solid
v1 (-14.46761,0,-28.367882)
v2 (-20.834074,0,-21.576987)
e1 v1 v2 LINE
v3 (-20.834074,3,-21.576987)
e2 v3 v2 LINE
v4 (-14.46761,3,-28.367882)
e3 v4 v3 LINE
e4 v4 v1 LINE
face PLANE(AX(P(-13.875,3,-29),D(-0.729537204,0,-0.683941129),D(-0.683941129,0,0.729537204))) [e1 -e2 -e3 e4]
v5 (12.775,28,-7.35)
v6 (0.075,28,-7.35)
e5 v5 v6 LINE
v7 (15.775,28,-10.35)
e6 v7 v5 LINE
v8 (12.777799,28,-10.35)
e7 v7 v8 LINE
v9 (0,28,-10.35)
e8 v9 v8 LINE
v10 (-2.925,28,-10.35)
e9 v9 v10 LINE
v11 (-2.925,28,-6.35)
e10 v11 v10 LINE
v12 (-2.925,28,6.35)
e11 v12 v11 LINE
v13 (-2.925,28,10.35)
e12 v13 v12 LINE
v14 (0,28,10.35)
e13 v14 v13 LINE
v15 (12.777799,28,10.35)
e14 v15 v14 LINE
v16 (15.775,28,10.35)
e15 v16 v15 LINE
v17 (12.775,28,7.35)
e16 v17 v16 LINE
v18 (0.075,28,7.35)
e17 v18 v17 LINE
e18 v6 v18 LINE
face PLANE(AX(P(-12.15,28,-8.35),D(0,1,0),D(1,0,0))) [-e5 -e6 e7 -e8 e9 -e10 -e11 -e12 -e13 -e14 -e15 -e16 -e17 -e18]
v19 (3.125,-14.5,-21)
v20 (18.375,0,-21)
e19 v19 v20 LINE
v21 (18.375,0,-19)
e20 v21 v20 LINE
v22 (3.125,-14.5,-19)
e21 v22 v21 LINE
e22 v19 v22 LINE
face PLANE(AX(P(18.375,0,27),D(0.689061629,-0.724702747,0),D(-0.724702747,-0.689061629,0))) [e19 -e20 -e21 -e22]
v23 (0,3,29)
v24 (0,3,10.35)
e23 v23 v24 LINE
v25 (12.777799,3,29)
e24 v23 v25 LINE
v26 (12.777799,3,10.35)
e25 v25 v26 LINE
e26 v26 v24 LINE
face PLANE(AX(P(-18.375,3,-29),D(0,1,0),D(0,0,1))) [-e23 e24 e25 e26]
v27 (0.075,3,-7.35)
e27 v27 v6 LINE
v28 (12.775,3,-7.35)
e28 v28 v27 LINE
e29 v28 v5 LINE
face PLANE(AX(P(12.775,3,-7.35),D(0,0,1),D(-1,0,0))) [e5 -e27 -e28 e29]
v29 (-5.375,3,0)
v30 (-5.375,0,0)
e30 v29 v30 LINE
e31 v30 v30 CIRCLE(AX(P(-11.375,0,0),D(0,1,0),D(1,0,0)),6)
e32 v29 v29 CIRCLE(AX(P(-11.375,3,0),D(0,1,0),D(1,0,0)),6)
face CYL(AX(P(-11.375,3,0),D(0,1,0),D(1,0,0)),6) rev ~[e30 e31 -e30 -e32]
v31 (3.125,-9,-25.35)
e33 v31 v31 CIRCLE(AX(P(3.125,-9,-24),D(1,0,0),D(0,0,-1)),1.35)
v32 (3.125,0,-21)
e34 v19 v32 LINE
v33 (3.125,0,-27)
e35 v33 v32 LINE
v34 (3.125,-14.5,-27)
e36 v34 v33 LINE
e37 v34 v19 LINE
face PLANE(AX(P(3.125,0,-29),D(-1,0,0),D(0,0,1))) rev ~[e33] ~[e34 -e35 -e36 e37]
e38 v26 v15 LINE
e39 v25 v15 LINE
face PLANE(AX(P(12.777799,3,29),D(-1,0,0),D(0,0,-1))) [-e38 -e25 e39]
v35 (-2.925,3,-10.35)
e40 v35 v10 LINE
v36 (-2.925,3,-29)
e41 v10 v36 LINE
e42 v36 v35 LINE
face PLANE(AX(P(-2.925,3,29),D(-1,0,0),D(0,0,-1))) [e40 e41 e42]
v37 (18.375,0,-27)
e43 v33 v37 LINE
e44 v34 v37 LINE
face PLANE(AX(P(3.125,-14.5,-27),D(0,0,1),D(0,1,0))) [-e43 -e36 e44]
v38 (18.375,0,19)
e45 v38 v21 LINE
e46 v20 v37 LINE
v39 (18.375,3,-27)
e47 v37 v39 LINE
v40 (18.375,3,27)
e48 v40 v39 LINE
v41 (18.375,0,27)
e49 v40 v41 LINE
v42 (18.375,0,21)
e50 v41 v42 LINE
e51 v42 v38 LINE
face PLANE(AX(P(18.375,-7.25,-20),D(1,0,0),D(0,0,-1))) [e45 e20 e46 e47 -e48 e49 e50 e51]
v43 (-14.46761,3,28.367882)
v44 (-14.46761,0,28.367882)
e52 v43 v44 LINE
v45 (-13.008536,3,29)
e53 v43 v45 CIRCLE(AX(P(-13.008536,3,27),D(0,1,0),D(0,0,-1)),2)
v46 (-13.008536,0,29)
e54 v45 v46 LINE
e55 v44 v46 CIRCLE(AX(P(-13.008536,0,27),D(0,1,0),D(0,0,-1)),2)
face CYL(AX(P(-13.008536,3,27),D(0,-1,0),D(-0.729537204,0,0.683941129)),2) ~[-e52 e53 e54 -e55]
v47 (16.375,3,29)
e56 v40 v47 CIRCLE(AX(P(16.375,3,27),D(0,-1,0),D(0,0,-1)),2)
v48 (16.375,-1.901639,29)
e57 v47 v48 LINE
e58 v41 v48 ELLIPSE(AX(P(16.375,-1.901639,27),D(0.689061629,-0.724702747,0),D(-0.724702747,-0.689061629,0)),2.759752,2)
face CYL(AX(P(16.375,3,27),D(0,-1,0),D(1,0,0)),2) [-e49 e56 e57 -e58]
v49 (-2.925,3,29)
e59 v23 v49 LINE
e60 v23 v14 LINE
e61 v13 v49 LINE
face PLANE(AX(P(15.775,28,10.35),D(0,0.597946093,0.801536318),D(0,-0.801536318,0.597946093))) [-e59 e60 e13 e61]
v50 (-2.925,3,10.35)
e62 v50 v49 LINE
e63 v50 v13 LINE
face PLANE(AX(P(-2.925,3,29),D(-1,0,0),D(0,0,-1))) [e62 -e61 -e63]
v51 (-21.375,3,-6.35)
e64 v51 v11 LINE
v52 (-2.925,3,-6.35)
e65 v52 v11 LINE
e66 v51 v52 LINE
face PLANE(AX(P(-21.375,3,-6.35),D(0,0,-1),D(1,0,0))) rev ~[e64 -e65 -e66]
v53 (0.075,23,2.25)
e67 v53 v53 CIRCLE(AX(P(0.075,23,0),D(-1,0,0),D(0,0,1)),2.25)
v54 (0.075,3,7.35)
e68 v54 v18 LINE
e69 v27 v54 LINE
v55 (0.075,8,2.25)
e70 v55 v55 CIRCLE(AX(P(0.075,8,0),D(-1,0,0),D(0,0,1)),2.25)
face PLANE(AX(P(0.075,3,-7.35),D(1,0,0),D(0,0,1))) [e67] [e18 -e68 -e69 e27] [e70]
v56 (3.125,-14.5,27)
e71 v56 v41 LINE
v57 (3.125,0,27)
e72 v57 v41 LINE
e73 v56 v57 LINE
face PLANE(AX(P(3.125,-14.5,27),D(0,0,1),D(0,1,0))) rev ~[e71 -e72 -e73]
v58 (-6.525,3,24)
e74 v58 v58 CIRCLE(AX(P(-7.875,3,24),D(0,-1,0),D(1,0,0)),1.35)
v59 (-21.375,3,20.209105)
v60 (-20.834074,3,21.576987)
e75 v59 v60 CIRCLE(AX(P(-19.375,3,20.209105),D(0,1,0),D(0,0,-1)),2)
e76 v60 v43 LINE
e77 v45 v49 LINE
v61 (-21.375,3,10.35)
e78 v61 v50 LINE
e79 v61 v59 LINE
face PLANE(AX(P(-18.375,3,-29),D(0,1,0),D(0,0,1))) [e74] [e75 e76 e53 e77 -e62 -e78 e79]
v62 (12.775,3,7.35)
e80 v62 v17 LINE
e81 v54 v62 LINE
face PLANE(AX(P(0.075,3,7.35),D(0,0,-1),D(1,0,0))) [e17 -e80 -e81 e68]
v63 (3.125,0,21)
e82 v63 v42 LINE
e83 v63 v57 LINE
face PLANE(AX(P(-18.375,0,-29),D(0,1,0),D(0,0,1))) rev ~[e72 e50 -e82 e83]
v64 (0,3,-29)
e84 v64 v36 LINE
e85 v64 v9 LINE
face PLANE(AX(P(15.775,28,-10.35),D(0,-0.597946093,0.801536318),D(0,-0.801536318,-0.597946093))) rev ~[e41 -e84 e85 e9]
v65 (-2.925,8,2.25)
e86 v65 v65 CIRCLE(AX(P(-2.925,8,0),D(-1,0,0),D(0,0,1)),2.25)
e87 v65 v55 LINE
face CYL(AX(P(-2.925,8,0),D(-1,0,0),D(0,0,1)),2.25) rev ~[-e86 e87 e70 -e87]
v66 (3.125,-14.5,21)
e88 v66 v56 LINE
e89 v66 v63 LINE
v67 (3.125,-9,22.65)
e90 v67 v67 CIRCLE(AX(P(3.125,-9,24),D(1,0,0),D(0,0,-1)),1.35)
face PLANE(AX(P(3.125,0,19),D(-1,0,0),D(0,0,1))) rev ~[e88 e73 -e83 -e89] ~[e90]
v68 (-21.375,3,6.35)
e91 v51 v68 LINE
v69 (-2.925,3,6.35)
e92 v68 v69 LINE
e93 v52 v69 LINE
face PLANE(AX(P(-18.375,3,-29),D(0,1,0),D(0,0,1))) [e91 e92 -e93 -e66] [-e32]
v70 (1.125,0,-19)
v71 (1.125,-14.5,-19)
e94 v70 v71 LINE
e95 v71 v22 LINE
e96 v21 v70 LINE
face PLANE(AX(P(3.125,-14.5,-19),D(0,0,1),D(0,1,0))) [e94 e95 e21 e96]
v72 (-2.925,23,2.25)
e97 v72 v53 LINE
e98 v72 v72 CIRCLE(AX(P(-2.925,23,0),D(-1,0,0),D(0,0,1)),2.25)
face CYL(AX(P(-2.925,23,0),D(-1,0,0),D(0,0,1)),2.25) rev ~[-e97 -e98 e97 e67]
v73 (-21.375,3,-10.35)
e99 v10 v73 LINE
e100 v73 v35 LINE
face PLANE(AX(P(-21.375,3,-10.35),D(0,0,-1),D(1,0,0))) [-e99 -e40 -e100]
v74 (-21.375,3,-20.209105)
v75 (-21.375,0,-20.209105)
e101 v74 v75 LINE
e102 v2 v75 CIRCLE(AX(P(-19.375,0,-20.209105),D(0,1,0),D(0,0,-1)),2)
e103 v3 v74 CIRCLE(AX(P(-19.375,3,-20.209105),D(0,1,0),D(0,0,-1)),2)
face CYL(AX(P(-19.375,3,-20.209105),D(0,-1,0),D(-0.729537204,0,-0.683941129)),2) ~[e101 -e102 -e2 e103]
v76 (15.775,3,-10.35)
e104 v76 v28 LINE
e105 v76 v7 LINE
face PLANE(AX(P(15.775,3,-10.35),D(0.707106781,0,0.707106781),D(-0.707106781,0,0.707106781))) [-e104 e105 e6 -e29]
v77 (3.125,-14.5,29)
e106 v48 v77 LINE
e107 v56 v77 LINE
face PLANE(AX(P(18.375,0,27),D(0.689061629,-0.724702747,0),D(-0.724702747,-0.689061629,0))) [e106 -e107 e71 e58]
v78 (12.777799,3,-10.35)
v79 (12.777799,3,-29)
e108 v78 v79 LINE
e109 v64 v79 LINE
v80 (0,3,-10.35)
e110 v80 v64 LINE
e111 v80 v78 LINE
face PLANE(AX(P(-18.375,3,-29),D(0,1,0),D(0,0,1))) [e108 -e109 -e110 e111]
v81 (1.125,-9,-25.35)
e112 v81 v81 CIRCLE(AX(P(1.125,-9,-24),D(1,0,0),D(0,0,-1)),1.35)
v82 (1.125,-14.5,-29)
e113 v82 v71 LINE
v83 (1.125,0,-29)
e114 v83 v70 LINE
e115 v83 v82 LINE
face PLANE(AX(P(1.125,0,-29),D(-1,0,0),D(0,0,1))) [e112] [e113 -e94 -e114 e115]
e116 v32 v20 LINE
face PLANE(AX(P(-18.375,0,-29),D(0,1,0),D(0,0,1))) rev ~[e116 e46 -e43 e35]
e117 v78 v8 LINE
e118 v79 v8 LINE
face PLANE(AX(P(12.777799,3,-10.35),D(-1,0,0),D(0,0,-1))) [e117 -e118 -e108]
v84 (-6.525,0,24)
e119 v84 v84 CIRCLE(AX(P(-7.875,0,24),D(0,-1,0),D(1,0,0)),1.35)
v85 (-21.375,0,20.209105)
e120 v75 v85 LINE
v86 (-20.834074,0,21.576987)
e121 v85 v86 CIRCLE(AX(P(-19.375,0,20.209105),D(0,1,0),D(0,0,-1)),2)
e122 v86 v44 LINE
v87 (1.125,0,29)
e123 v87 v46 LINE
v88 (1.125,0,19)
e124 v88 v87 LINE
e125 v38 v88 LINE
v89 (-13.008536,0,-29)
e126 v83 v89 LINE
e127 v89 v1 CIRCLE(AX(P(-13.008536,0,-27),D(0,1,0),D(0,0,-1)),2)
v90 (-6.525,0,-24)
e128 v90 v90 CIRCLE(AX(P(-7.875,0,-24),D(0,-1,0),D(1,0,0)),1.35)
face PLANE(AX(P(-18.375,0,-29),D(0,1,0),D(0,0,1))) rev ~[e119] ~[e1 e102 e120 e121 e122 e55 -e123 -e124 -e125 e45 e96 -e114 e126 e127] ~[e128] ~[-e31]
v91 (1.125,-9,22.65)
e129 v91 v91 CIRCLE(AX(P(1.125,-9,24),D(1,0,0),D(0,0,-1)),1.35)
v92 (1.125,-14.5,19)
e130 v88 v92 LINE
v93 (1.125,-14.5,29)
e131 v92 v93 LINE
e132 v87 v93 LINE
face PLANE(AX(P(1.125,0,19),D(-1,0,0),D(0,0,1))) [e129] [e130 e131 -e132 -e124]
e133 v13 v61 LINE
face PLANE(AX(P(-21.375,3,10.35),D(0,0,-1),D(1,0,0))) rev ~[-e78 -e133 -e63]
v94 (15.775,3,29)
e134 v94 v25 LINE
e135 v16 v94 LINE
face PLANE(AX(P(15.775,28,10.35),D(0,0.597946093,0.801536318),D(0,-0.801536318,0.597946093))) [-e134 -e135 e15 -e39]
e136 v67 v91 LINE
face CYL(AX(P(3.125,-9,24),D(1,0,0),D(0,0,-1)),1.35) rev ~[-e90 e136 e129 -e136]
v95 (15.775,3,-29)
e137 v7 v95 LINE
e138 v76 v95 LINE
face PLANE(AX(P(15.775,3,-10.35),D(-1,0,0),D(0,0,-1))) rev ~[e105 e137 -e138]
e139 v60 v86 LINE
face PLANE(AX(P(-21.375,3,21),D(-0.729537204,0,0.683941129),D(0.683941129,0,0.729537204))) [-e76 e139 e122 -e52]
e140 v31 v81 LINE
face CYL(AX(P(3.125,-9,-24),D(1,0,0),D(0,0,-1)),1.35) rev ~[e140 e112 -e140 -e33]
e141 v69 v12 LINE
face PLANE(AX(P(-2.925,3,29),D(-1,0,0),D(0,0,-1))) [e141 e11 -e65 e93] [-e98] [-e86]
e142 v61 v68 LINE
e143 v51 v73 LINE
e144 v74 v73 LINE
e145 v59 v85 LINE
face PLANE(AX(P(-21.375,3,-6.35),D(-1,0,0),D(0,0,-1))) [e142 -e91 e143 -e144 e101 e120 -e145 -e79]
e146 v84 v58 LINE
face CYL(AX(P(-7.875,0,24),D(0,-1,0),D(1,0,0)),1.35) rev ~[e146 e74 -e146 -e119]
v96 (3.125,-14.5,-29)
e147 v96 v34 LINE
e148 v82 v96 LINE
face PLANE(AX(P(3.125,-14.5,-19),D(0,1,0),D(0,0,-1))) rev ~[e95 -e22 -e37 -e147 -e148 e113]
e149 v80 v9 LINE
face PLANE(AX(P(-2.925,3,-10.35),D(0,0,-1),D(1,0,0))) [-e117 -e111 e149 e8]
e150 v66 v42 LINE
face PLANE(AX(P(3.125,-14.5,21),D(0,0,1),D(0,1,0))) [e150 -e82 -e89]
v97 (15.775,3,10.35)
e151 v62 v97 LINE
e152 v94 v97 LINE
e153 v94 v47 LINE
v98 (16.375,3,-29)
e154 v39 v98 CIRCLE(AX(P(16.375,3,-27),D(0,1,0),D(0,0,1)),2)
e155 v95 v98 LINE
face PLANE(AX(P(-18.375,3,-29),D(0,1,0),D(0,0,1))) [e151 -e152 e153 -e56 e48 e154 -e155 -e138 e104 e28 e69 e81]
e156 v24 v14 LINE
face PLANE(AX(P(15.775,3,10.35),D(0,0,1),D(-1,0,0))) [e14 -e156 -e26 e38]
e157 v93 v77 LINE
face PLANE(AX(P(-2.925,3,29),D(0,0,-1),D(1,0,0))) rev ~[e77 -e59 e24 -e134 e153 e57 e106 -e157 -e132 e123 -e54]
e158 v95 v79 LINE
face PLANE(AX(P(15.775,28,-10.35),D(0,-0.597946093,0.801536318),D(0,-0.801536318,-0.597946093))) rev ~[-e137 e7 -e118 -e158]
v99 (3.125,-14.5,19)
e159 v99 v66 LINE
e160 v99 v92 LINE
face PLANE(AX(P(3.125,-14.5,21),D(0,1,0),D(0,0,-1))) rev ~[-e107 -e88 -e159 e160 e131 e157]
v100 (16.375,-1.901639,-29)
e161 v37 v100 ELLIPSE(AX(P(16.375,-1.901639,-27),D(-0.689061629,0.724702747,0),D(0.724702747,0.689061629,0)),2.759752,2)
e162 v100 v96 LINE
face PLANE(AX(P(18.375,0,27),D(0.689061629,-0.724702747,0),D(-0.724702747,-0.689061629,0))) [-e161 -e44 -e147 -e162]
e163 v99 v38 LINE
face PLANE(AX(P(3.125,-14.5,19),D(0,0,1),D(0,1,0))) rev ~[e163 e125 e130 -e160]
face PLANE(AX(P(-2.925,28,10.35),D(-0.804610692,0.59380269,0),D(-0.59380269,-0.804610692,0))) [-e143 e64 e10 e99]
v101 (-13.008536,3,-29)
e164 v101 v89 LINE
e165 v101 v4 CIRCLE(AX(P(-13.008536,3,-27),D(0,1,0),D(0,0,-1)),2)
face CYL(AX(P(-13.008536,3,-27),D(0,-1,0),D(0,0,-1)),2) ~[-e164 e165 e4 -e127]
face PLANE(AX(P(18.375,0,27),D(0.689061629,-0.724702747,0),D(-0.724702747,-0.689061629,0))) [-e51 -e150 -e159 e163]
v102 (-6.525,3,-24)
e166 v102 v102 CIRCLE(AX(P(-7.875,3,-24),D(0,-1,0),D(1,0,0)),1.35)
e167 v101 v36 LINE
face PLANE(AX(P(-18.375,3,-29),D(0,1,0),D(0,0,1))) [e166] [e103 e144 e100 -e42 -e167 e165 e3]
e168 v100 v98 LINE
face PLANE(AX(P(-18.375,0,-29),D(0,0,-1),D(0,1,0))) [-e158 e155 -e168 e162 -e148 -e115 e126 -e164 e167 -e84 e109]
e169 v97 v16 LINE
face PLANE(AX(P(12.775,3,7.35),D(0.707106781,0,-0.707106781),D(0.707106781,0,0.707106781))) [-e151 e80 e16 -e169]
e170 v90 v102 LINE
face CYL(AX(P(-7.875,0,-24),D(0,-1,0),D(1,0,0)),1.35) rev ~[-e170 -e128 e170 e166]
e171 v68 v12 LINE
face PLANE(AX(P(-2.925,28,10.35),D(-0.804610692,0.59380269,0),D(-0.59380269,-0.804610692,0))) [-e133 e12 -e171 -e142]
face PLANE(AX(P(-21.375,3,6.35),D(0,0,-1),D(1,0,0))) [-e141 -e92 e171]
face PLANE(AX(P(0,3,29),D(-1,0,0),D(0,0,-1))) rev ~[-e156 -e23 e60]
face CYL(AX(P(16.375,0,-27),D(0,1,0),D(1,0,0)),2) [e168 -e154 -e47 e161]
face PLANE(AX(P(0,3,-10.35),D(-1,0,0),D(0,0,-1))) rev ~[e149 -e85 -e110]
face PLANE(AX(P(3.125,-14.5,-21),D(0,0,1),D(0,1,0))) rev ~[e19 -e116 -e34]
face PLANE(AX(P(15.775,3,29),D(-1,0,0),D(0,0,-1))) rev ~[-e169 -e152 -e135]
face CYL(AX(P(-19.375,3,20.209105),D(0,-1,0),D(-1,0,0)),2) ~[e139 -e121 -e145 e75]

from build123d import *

# Parameters (mm, degrees)
SKETCH1_W           = 36.75
SKETCH1_H           = 58
BOSS_EXTRUDE1_DEPTH = 3
SKETCH2_W           = 2
SKETCH2_H           = 10
BOSS_EXTRUDE2_DEPTH = 14.5
SKETCH3_R           = 1.35
CUT_EXTRUDE1_DEPTH  = 2
BOSS_EXTRUDE3_DEPTH = 25
SKETCH5_R           = 2.25
CUT_EXTRUDE2_DEPTH  = 3
SKETCH6_W           = 58
SKETCH6_H           = 3
BOSS_EXTRUDE4_DEPTH = 3
SKETCH7_R           = 6
CUT_EXTRUDE3_DEPTH  = 3
CUT_EXTRUDE4_DEPTH  = 3
SKETCH9_W           = 2
SKETCH9_H           = 14.5
BOSS_EXTRUDE5_DEPTH = 15.25
CUT_EXTRUDE5_DEPTH  = 80
SKETCH11_R          = 1.35
CUT_EXTRUDE6_DEPTH  = 3
FILLET1_R           = 2
SKETCH12_W          = 2.925
SKETCH12_H          = 18.65
SKETCH12_W_2        = 2.997200628
BOSS_EXTRUDE6_DEPTH = 25
CUT_EXTRUDE7_DEPTH  = 18.7
SKETCH14_W          = 18.45
SKETCH14_H          = 4
BOSS_EXTRUDE7_DEPTH = 25
CUT_EXTRUDE8_DEPTH  = 20.7


with BuildPart() as part:
    # Sketch1 → Boss-Extrude1 (new body)
    with BuildSketch(Plane(origin=(0, 0, 0), x_dir=(1, 0, 0), z_dir=(0, 1, 0))):
        Rectangle(SKETCH1_W, SKETCH1_H)
    extrude(amount=BOSS_EXTRUDE1_DEPTH)

    # Sketch2 → Boss-Extrude2 (add)
    with BuildSketch(Plane.XZ):
        with Locations((2.125, 24)):
            Rectangle(SKETCH2_W, SKETCH2_H)
        with Locations((2.125, -24)):
            Rectangle(SKETCH2_W, SKETCH2_H)
    extrude(amount=BOSS_EXTRUDE2_DEPTH)

    # Sketch3 → Cut-Extrude1 (cut)
    with BuildSketch(Plane(origin=(3.125, 0, 0), x_dir=(0, 0, -1), z_dir=(1, 0, 0))):
        with Locations((-24, -9)):
            Circle(SKETCH3_R)
        with Locations((24, -9)):
            Circle(SKETCH3_R)
    extrude(amount=-CUT_EXTRUDE1_DEPTH, mode=Mode.SUBTRACT)

    # Sketch4 → Boss-Extrude3 (add)
    with BuildSketch(Plane(origin=(0, 3, 0), x_dir=(1, 0, 0), z_dir=(0, 1, 0))):
        Polygon((12.775, 7.35), (0.075, 7.35), (0.075, -7.35), (12.775, -7.35), (15.775, -10.35), (-2.925, -10.35), (-2.925, 10.35), (15.775, 10.35), align=None)
    extrude(amount=BOSS_EXTRUDE3_DEPTH)

    # Sketch5 → Cut-Extrude2 (cut)
    with BuildSketch(Plane.ZY.offset(2.925)):
        with Locations((0, 8)):
            Circle(SKETCH5_R)
        with Locations((0, 23)):
            Circle(SKETCH5_R)
    extrude(amount=-CUT_EXTRUDE2_DEPTH, mode=Mode.SUBTRACT)

    # Sketch6 → Boss-Extrude4 (add)
    with BuildSketch(Plane.ZY.offset(18.375)):
        with Locations((0, 1.5)):
            Rectangle(SKETCH6_W, SKETCH6_H)
    extrude(amount=BOSS_EXTRUDE4_DEPTH)

    # Sketch7 → Cut-Extrude3 (cut)
    with BuildSketch(Plane(origin=(0, 3, 0), x_dir=(1, 0, 0), z_dir=(0, 1, 0))):
        with Locations((-11.375, 0)):
            Circle(SKETCH7_R)
    extrude(amount=-CUT_EXTRUDE3_DEPTH, mode=Mode.SUBTRACT)

    # Sketch8 → Cut-Extrude4 (cut)
    with BuildSketch(Plane(origin=(0, 3, 0), x_dir=(1, 0, 0), z_dir=(0, 1, 0))):
        Polygon((-21.375, 21), (-21.375, -21), (-13.875, -29), (-11.243766746, -32.586617788), (-32.637528156, -32.586617788), (-41.642373039, 35.783998083), (-13.875, 36.078995707), (-13.875, 29), align=None)
    extrude(amount=-CUT_EXTRUDE4_DEPTH, mode=Mode.SUBTRACT)

    # Sketch9 → Boss-Extrude5 (add)
    with BuildSketch(Plane(origin=(3.125, 0, 0), x_dir=(0, 0, -1), z_dir=(1, 0, 0))):
        with Locations((20, -7.25)):
            Rectangle(SKETCH9_W, SKETCH9_H)
        with Locations((28, -7.25)):
            Rectangle(SKETCH9_W, SKETCH9_H)
        with Locations((-28, -7.25)):
            Rectangle(SKETCH9_W, SKETCH9_H)
        with Locations((-20, -7.25)):
            Rectangle(SKETCH9_W, SKETCH9_H)
    extrude(amount=BOSS_EXTRUDE5_DEPTH)

    # Sketch10 → Cut-Extrude5 (cut, symmetric)
    with BuildSketch(Plane(origin=(0, 0, 27), x_dir=(-1, 0, 0), z_dir=(0, 0, -1))):
        Polygon((-18.375, 0), (-3.125, -14.5), (-3.818102744, -23.175648105), (-24.299297104, -22.135397869), (-27.68716384, 0.855740373), align=None)
    extrude(amount=CUT_EXTRUDE5_DEPTH, both=True, mode=Mode.SUBTRACT)

    # Sketch11 → Cut-Extrude6 (cut)
    with BuildSketch(Plane.XZ):
        with Locations((-7.875, 24)):
            Circle(SKETCH11_R)
        with Locations((-7.875, -24)):
            Circle(SKETCH11_R)
    extrude(amount=-CUT_EXTRUDE6_DEPTH, mode=Mode.SUBTRACT)

    # Fillet1
    fillet1_edges = [part.edges().sort_by_distance(p)[0] for p in [
        (-21.375, 1.5, 21),
        (-13.875, 1.5, 29),
        (-21.375, 1.5, -21),
        (-13.875, 1.5, -29),
        (18.375, 1.5, 29),
        (18.375, 1.5, -29),
    ]]
    fillet(fillet1_edges, radius=FILLET1_R)

    # Sketch12 → Boss-Extrude6 (add)
    with BuildSketch(Plane(origin=(0, 3, 0), x_dir=(1, 0, 0), z_dir=(0, 1, 0))):
        with Locations((-1.4625, -19.675)):
            Rectangle(SKETCH12_W, SKETCH12_H)
        with Locations((14.276399686, -19.675)):
            Rectangle(SKETCH12_W_2, SKETCH12_H)
        with Locations((-1.4625, 19.675)):
            Rectangle(SKETCH12_W, SKETCH12_H)
        with Locations((14.276399686, 19.675)):
            Rectangle(SKETCH12_W_2, SKETCH12_H)
    extrude(amount=BOSS_EXTRUDE6_DEPTH)

    # Sketch13 → Cut-Extrude7 (cut)
    with BuildSketch(Plane(origin=(15.775, 0, 0), x_dir=(0, 0, -1), z_dir=(1, 0, 0))):
        Polygon((-10.35, 28), (-29, 3), (-37.617706681, 3), (-37.617706681, 32.391457207), (-10.35, 32.391457207), align=None)
        Polygon((37.617706681, 32.391457207), (10.35, 32.391457207), (10.35, 28), (29, 3), (37.617706681, 3), align=None)
    extrude(amount=-CUT_EXTRUDE7_DEPTH, mode=Mode.SUBTRACT)

    # Sketch14 → Boss-Extrude7 (add)
    with BuildSketch(Plane(origin=(0, 3, 0), x_dir=(1, 0, 0), z_dir=(0, 1, 0))):
        with Locations((-12.15, 8.35)):
            Rectangle(SKETCH14_W, SKETCH14_H)
        with Locations((-12.15, -8.35)):
            Rectangle(SKETCH14_W, SKETCH14_H)
    extrude(amount=BOSS_EXTRUDE7_DEPTH)

    # Sketch15 → Cut-Extrude8 (cut)
    with BuildSketch(Plane.XY.offset(10.35)):
        Polygon((-2.925, 28), (-21.375, 3), (-26.960313264, 3), (-26.960313264, 29.401674183), (-2.925, 29.401674183), align=None)
    extrude(amount=-CUT_EXTRUDE8_DEPTH, mode=Mode.SUBTRACT)


solid = part.part
